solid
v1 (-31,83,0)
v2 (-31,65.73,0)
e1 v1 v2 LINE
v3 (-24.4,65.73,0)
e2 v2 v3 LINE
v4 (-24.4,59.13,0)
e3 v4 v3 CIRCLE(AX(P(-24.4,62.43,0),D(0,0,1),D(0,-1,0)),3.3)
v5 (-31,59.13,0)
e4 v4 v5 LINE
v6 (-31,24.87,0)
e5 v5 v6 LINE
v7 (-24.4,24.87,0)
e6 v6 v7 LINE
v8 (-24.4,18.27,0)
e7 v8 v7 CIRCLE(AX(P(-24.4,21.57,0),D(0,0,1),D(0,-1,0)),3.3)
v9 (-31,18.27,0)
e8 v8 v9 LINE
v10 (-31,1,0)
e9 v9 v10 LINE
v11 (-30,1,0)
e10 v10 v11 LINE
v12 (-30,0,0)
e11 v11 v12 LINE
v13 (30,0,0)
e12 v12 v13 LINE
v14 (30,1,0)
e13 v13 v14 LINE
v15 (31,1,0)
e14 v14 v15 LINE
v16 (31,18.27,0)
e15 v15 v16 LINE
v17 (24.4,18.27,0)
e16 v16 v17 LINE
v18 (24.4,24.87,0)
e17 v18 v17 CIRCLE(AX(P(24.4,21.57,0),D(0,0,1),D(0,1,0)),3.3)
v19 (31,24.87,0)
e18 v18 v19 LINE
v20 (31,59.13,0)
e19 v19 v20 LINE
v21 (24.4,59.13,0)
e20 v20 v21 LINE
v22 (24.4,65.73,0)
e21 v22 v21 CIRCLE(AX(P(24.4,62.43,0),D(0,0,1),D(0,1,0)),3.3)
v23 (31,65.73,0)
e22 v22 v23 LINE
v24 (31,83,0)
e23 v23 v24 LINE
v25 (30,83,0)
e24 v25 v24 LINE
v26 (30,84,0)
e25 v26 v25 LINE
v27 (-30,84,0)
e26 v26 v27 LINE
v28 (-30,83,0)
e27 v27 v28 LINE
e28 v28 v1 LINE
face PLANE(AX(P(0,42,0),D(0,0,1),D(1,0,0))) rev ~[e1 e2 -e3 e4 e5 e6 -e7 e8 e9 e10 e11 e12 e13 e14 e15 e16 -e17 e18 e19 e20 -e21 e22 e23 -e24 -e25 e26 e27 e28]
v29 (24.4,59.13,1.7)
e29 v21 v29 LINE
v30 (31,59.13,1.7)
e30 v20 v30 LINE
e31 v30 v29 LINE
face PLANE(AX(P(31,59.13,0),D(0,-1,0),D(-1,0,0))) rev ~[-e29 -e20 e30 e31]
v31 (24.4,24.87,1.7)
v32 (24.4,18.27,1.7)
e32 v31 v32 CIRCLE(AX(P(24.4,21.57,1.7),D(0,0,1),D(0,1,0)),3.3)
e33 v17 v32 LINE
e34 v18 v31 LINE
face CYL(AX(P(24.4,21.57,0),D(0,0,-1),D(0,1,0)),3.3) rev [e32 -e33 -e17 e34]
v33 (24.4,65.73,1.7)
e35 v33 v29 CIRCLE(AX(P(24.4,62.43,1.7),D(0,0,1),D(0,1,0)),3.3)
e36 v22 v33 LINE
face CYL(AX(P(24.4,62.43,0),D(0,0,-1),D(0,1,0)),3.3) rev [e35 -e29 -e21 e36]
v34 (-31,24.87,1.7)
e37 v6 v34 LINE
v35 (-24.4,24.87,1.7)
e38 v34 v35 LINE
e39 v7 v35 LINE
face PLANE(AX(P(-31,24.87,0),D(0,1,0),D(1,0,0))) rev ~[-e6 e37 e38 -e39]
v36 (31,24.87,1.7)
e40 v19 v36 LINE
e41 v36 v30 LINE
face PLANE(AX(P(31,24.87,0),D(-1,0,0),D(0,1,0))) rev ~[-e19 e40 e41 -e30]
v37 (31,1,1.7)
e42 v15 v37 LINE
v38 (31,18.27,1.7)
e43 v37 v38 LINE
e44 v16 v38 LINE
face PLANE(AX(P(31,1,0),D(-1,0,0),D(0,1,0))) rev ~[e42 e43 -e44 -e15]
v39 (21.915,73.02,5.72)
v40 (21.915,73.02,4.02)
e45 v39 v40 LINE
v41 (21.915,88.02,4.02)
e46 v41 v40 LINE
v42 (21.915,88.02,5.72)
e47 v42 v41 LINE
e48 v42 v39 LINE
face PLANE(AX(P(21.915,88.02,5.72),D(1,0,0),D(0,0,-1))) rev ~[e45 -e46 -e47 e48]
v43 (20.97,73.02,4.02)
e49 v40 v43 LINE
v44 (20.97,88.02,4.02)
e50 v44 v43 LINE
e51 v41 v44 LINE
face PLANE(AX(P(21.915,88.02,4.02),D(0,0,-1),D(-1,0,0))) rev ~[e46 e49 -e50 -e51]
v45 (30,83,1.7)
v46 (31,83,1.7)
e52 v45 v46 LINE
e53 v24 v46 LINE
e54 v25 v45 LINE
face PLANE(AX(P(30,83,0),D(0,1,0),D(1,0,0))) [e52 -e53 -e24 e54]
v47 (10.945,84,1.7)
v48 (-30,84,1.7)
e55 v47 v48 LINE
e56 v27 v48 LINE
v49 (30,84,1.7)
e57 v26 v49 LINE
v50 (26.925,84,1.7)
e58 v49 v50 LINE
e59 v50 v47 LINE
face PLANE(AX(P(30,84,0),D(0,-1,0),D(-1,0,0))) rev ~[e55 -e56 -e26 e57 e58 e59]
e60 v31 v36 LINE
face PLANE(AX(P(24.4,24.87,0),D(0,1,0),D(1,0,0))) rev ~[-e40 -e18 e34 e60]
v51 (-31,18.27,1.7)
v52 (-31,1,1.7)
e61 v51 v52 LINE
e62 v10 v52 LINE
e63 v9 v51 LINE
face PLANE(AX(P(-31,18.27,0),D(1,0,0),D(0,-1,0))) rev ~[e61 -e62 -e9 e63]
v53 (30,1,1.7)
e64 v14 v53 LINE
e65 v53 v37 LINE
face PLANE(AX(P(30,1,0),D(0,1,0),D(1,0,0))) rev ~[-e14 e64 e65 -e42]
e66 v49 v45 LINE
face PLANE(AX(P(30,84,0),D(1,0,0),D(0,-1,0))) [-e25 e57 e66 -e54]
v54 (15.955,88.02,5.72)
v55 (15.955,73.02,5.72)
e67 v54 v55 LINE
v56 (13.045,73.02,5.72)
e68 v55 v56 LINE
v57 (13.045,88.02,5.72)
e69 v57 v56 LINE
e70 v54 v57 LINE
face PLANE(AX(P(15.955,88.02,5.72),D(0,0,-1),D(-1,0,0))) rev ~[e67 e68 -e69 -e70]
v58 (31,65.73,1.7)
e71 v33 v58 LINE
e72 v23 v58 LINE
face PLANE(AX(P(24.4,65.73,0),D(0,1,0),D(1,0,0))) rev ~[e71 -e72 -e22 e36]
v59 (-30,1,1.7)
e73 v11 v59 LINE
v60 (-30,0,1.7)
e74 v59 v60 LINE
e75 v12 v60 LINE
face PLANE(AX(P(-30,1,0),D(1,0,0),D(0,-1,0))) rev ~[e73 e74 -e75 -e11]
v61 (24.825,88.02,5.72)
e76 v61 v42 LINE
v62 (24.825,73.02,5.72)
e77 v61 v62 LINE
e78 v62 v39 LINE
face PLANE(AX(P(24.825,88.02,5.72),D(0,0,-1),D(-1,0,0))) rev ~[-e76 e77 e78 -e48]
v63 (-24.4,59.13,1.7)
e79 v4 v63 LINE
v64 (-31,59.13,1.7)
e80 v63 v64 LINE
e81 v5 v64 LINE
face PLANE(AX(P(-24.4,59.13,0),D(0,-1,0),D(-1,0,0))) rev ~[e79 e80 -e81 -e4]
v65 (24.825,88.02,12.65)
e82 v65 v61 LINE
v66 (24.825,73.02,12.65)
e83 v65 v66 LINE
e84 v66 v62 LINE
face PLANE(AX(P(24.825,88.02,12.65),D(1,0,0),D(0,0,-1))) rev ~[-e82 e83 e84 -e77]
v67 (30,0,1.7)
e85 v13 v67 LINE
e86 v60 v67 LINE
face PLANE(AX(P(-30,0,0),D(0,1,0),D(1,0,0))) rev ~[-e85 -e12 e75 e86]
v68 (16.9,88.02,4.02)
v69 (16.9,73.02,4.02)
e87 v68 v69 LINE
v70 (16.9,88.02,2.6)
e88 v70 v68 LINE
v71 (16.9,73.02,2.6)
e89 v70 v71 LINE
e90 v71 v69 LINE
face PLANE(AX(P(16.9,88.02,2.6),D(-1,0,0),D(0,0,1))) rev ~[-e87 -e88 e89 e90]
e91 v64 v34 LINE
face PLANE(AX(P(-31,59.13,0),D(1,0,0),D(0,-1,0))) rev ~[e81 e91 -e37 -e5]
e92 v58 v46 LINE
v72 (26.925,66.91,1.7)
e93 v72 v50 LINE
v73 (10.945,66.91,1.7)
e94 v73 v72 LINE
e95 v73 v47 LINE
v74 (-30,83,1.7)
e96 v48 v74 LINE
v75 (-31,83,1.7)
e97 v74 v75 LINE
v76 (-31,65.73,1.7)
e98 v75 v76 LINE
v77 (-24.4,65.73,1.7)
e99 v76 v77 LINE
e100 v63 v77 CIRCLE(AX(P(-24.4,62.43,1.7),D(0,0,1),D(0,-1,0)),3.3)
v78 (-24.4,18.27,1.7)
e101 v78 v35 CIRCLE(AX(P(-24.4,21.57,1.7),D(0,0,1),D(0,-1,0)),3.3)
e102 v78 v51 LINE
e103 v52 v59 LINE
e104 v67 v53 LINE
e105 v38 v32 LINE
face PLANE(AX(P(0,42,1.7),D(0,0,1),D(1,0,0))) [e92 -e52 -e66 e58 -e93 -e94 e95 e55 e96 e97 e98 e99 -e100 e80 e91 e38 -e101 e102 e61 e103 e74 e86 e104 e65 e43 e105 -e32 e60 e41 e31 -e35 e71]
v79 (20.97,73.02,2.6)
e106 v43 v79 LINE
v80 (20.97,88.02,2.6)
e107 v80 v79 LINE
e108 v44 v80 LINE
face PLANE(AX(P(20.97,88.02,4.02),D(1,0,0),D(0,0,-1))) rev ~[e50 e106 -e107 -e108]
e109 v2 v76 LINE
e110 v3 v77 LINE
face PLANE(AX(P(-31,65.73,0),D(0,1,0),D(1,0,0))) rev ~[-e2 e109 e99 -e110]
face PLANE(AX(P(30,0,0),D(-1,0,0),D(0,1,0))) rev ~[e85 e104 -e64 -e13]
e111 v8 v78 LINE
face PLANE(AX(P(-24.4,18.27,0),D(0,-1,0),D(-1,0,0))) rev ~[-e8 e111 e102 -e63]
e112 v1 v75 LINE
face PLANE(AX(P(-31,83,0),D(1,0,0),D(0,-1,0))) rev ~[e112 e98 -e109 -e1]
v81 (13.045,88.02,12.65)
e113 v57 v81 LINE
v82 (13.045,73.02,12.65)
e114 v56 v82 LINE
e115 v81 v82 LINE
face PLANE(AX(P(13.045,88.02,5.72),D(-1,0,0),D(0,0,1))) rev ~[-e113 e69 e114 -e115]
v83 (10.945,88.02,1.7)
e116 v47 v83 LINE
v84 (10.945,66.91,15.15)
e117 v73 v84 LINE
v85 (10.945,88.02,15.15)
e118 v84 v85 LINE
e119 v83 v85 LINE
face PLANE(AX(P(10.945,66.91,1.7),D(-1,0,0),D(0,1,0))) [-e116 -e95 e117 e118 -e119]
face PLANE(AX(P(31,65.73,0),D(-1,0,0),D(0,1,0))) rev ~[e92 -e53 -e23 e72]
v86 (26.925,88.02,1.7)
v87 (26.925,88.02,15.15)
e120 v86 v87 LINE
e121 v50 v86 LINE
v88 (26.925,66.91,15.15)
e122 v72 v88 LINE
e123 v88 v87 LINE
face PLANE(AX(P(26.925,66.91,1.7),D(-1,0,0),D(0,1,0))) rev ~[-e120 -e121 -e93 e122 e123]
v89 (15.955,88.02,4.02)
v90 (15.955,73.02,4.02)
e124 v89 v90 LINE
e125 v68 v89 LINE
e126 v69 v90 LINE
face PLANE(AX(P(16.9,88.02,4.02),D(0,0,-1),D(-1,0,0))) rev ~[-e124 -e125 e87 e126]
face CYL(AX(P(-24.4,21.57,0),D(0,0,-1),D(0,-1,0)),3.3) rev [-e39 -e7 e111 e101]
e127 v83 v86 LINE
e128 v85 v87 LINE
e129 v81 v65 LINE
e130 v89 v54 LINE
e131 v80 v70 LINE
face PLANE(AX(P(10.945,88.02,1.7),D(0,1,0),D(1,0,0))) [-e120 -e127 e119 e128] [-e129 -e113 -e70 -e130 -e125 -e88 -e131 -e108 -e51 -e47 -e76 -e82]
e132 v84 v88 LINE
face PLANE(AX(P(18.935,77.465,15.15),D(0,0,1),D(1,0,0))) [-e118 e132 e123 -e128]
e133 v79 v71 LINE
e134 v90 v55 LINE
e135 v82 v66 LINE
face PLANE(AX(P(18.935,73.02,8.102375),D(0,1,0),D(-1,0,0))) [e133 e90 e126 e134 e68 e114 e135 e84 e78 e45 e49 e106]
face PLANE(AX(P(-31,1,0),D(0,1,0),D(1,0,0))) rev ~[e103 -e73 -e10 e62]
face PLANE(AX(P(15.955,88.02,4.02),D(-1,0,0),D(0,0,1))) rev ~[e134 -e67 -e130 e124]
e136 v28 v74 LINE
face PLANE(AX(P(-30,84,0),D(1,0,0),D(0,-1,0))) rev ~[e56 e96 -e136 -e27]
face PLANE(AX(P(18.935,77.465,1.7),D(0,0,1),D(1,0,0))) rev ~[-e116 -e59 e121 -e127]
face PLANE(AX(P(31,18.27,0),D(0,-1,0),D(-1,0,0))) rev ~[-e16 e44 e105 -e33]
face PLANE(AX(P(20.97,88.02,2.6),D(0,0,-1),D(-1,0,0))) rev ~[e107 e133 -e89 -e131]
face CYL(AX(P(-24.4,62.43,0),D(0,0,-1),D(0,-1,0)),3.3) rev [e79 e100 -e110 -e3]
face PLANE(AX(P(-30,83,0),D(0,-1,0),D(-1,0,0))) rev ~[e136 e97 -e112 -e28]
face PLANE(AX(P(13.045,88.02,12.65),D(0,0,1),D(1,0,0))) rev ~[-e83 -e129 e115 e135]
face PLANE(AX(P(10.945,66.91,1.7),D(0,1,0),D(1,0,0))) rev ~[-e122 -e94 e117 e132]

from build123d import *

# Parameters (mm, degrees)
PAD_DEPTH       = 1.7
SKETCH004_W     = 15.98
SKETCH004_H     = 21.11
PAD007_DEPTH    = 13.45
POCKET008_DEPTH = 15


with BuildPart() as part:
    # Sketch → Pad (new body)
    with BuildSketch(Plane.XY):
        with BuildLine():
            Line((0, 0), (30, 0))
            Line((30, 0), (30, 1))
            Line((30, 1), (31, 1))
            Line((31, 1), (31, 18.27))
            Line((31, 18.27), (24.4, 18.27))
            ThreePointArc((24.4, 24.87), (21.1, 21.57), (24.4, 18.27))
            Line((24.4, 24.87), (31, 24.87))
            Line((31, 24.87), (31, 59.13))
            Line((31, 59.13), (24.4, 59.13))
            ThreePointArc((24.4, 65.73), (21.1, 62.43), (24.4, 59.13))
            Line((24.4, 65.73), (31, 65.73))
            Line((31, 65.73), (31, 83))
            Line((30, 83), (31, 83))
            Line((30, 84), (30, 83))
            Line((30, 84), (0, 84))
            Line((0, 84), (-30, 84))
            Line((-30, 84), (-30, 83))
            Line((-30, 83), (-31, 83))
            Line((-31, 83), (-31, 65.73))
            Line((-31, 65.73), (-24.4, 65.73))
            ThreePointArc((-24.4, 59.13), (-21.1, 62.43), (-24.4, 65.73))
            Line((-24.4, 59.13), (-31, 59.13))
            Line((-31, 59.13), (-31, 24.87))
            Line((-31, 24.87), (-24.4, 24.87))
            ThreePointArc((-24.4, 18.27), (-21.1, 21.57), (-24.4, 24.87))
            Line((-24.4, 18.27), (-31, 18.27))
            Line((-31, 18.27), (-31, 1))
            Line((-31, 1), (-30, 1))
            Line((-30, 1), (-30, 0))
            Line((-30, 0), (0, 0))
        make_face()
    extrude(amount=PAD_DEPTH)

    # Sketch004 → Pad007 (new body)
    with BuildSketch(Plane.XY.offset(1.7)):
        with Locations((18.935, 77.465)):
            Rectangle(SKETCH004_W, SKETCH004_H)
    extrude(amount=PAD007_DEPTH)

    # Sketch019 → Pocket008 (cut)
    with BuildSketch(Plane(origin=(0, 88.02, 0), x_dir=(-1, 0, 0), z_dir=(0, 1, 0))):
        Polygon((-24.825, 12.65), (-24.825, 5.72), (-21.915, 5.72), (-21.915, 4.02), (-20.97, 4.02), (-20.97, 2.6), (-16.9, 2.6), (-16.9, 4.02), (-15.955, 4.02), (-15.955, 5.72), (-13.045, 5.72), (-13.045, 12.65), align=None)
    extrude(amount=-POCKET008_DEPTH, mode=Mode.SUBTRACT)


solid = part.part
